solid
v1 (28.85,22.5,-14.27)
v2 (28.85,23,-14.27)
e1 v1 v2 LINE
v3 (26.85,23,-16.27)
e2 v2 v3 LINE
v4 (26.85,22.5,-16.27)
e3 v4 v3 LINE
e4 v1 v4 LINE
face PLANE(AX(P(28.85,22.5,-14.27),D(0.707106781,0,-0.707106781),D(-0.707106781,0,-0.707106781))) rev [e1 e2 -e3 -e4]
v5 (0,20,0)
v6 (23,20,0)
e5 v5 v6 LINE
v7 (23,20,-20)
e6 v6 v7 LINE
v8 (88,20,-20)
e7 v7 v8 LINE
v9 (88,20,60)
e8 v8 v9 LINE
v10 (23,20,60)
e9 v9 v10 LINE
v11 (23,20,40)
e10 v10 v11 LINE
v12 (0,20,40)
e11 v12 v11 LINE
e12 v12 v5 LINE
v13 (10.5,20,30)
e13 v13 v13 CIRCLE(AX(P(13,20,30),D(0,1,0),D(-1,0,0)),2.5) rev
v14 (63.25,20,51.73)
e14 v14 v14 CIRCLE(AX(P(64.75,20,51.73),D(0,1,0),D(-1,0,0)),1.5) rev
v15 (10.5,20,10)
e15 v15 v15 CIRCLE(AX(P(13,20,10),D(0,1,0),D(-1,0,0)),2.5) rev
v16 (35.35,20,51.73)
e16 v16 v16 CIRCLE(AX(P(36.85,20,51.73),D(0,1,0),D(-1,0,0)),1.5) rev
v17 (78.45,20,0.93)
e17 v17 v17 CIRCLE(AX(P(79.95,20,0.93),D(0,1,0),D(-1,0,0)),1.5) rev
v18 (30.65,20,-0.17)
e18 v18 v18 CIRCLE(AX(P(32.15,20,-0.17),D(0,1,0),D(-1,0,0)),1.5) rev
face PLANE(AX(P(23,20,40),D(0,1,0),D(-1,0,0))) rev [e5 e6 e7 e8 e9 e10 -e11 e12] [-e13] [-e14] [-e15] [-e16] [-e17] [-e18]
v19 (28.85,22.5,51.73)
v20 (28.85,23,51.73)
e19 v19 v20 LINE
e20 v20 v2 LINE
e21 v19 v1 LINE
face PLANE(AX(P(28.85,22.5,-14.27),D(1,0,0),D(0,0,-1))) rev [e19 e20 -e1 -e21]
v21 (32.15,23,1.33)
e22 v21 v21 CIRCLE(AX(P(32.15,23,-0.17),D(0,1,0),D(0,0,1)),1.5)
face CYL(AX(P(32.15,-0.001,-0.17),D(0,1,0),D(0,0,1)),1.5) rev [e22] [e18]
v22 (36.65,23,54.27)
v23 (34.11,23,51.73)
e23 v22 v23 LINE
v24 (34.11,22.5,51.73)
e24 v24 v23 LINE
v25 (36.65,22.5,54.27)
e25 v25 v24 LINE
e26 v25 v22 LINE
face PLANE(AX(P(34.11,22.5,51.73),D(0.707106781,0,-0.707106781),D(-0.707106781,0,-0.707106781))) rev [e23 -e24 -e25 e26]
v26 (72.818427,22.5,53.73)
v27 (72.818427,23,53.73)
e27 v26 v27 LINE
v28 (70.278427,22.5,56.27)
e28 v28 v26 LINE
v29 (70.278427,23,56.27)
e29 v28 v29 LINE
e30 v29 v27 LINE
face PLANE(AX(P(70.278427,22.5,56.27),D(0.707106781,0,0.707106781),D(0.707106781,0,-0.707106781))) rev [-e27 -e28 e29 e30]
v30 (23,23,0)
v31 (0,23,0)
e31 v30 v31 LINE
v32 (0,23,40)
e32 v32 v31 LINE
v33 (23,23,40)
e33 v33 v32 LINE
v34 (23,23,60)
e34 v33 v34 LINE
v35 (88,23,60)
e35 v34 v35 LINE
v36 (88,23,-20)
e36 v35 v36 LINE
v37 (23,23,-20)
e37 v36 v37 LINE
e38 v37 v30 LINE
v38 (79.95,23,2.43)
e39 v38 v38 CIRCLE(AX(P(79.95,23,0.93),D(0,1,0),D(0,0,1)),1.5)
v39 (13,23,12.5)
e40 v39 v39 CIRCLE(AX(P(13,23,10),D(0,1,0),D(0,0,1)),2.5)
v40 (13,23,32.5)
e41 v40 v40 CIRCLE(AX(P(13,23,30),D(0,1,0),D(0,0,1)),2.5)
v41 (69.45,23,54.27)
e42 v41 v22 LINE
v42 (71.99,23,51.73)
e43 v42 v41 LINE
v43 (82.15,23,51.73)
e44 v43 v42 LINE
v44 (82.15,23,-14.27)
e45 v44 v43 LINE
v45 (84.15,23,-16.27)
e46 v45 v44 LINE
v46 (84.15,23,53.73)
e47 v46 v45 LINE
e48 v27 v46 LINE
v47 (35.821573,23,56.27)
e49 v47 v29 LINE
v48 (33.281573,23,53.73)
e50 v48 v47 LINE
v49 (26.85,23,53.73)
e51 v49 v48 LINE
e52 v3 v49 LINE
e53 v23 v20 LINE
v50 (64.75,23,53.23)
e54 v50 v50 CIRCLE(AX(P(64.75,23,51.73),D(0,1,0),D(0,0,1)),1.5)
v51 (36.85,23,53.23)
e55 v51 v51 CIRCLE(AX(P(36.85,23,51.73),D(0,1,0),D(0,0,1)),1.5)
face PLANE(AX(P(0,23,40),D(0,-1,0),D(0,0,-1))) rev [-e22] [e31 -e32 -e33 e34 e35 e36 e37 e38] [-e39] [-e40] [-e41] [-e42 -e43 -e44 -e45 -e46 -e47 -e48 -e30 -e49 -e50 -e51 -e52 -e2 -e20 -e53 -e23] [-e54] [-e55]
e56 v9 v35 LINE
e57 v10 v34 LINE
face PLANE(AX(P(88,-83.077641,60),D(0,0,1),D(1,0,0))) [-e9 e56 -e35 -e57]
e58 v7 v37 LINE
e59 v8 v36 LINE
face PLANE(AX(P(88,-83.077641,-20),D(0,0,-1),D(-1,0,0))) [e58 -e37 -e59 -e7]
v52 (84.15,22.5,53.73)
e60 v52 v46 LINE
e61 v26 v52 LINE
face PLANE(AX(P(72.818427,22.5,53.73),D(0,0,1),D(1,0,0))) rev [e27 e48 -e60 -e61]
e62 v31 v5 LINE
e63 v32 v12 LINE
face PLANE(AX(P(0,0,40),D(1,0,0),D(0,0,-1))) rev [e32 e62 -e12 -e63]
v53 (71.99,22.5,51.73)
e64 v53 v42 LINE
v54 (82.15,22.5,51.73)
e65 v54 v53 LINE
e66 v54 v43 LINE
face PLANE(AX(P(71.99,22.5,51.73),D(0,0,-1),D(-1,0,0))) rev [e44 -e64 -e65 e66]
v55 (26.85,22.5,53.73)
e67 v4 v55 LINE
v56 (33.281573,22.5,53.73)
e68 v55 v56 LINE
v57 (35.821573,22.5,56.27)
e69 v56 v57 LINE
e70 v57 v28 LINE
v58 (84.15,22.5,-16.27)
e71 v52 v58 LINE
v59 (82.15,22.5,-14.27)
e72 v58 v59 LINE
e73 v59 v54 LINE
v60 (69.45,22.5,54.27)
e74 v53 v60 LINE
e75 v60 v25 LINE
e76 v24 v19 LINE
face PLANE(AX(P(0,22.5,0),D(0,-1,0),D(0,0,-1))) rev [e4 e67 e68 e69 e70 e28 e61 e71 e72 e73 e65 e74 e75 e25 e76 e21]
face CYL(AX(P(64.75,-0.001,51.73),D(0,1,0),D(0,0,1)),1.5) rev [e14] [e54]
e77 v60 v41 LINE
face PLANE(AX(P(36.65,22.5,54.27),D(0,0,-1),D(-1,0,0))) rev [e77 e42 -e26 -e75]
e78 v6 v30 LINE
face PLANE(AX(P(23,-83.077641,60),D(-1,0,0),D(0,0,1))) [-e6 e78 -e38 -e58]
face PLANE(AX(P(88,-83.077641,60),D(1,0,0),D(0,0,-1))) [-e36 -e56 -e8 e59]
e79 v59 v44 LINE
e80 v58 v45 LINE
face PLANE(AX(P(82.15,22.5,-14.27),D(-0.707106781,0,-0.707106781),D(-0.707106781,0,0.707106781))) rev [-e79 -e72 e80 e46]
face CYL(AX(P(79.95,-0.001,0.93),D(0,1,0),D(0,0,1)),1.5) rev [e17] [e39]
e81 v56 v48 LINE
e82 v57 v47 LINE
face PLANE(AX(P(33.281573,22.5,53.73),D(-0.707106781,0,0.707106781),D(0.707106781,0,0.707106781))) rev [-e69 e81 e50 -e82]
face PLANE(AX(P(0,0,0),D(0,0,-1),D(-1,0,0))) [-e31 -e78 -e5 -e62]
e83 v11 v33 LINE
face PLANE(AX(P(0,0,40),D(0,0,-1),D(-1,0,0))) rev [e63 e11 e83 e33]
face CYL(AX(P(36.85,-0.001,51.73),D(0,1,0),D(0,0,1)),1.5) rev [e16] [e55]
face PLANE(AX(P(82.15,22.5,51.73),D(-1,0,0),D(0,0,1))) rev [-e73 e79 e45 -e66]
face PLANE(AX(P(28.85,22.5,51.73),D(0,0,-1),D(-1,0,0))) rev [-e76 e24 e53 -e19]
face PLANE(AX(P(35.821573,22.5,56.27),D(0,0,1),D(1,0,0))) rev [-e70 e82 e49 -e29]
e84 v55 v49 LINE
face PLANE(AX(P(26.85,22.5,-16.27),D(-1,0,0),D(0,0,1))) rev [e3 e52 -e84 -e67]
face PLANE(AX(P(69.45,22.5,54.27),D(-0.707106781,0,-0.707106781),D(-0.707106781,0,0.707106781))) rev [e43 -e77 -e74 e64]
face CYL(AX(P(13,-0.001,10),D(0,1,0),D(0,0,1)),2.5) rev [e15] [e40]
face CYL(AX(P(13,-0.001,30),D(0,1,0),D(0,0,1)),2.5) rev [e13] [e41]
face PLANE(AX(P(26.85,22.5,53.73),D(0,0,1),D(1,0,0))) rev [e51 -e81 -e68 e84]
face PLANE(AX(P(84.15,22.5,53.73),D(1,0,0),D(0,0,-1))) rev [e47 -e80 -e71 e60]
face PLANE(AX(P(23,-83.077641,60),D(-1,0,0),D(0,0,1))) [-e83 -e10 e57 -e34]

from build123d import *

# Parameters (mm, degrees)
BOSS_EXTRUDE1_DEPTH = 40
CUT_EXTRUDE1_REACH  = 53.556
SKETCH2_R           = 2.5
CUT_EXTRUDE2_REACH  = 53.556
SKETCH3_R           = 2.5
FILLET1_R           = 5
SKETCH4_W           = 65
SKETCH4_H           = 80
BOSS_EXTRUDE2_DEPTH = 3
CUT_EXTRUDE3_DEPTH  = 0.5
CUT_EXTRUDE4_REACH  = 110.963
SKETCH6_R           = 1.5
CUT_EXTRUDE5_REACH  = 110.963
SKETCH7_W           = 40
SKETCH7_H           = 20


with BuildPart() as part:
    # Sketch1 → Boss-Extrude1 (new body)
    with BuildSketch(Plane.XY):
        Polygon((0, 0), (0, 23), (23, 23), (23, 20), (3, 20), (3, 0), align=None)
    extrude(amount=BOSS_EXTRUDE1_DEPTH)

    # Sketch2 → Cut-Extrude1 (cut, up to next)
    with BuildSketch(Plane(origin=(0, 23, 0), x_dir=(1, 0, 0), z_dir=(0, 1, 0)), mode=Mode.PRIVATE) as cut_extrude1_sk1:
        with Locations(Location((13, -10, 0), (0, 0, 270))):
            Circle(SKETCH2_R)
    cut_extrude1_tool1 = extrude(cut_extrude1_sk1.sketch, amount=-CUT_EXTRUDE1_REACH, mode=Mode.PRIVATE) & part.part
    # Sketch2 → Cut-Extrude1 (cut, up to next)
    with BuildSketch(Plane(origin=(0, 23, 0), x_dir=(1, 0, 0), z_dir=(0, 1, 0)), mode=Mode.PRIVATE) as cut_extrude1_sk2:
        with Locations(Location((13, -30, 0), (0, 0, 270))):
            Circle(SKETCH2_R)
    cut_extrude1_tool2 = extrude(cut_extrude1_sk2.sketch, amount=-CUT_EXTRUDE1_REACH, mode=Mode.PRIVATE) & part.part
    add(cut_extrude1_tool1.solids().sort_by_distance((13, 23, 10))[0], mode=Mode.SUBTRACT)
    add(cut_extrude1_tool2.solids().sort_by_distance((13, 23, 30))[0], mode=Mode.SUBTRACT)

    # Sketch3 → Cut-Extrude2 (cut, up to next)
    with BuildSketch(Plane.ZY, mode=Mode.PRIVATE) as cut_extrude2_sk1:
        with Locations((10, 10)):
            Circle(SKETCH3_R)
    cut_extrude2_tool1 = extrude(cut_extrude2_sk1.sketch, amount=-CUT_EXTRUDE2_REACH, mode=Mode.PRIVATE) & part.part
    # Sketch3 → Cut-Extrude2 (cut, up to next)
    with BuildSketch(Plane.ZY, mode=Mode.PRIVATE) as cut_extrude2_sk2:
        with Locations((30, 10)):
            Circle(SKETCH3_R)
    cut_extrude2_tool2 = extrude(cut_extrude2_sk2.sketch, amount=-CUT_EXTRUDE2_REACH, mode=Mode.PRIVATE) & part.part
    add(cut_extrude2_tool1.solids().sort_by_distance((0, 10, 10))[0], mode=Mode.SUBTRACT)
    add(cut_extrude2_tool2.solids().sort_by_distance((0, 10, 30))[0], mode=Mode.SUBTRACT)

    # Fillet1
    fillet1_edges = [part.edges().sort_by_distance(p)[0] for p in [
        (1.5, 0, 40),
        (1.5, 0, 0),
    ]]
    fillet(fillet1_edges, radius=FILLET1_R)

    # Sketch4 → Boss-Extrude2 (add)
    with BuildSketch(Plane(origin=(0, 23, 0), x_dir=(1, 0, 0), z_dir=(0, 1, 0))):
        with Locations((55.5, -20)):
            Rectangle(SKETCH4_W, SKETCH4_H)
    extrude(amount=-BOSS_EXTRUDE2_DEPTH)

    # Sketch5 → Cut-Extrude3 (cut)
    with BuildSketch(Plane(origin=(0, 23, 0), x_dir=(1, 0, 0), z_dir=(0, 1, 0))):
        Polygon((28.85, 14.27), (28.85, -51.73), (34.11, -51.73), (36.65, -54.27), (69.45, -54.27), (71.99, -51.73), (82.15, -51.73), (82.15, 14.27), (84.15, 16.27), (84.15, -53.73), (72.818427125, -53.73), (70.278427125, -56.27), (35.821572875, -56.27), (33.281572875, -53.73), (26.85, -53.73), (26.85, 16.27), align=None)
    extrude(amount=-CUT_EXTRUDE3_DEPTH, mode=Mode.SUBTRACT)

    # Sketch6 → Cut-Extrude4 (cut, up to next)
    with BuildSketch(Plane(origin=(0, 23, 0), x_dir=(1, 0, 0), z_dir=(0, 1, 0)), mode=Mode.PRIVATE) as cut_extrude4_sk1:
        with Locations(Location((32.15, 0.17, 0), (0, 0, 270))):
            Circle(SKETCH6_R)
    cut_extrude4_tool1 = extrude(cut_extrude4_sk1.sketch, amount=-CUT_EXTRUDE4_REACH, mode=Mode.PRIVATE) & part.part
    # Sketch6 → Cut-Extrude4 (cut, up to next)
    with BuildSketch(Plane(origin=(0, 23, 0), x_dir=(1, 0, 0), z_dir=(0, 1, 0)), mode=Mode.PRIVATE) as cut_extrude4_sk2:
        with Locations(Location((79.95, -0.93, 0), (0, 0, 270))):
            Circle(SKETCH6_R)
    cut_extrude4_tool2 = extrude(cut_extrude4_sk2.sketch, amount=-CUT_EXTRUDE4_REACH, mode=Mode.PRIVATE) & part.part
    # Sketch6 → Cut-Extrude4 (cut, up to next)
    with BuildSketch(Plane(origin=(0, 23, 0), x_dir=(1, 0, 0), z_dir=(0, 1, 0)), mode=Mode.PRIVATE) as cut_extrude4_sk3:
        with Locations(Location((64.75, -51.73, 0), (0, 0, 270))):
            Circle(SKETCH6_R)
    cut_extrude4_tool3 = extrude(cut_extrude4_sk3.sketch, amount=-CUT_EXTRUDE4_REACH, mode=Mode.PRIVATE) & part.part
    # Sketch6 → Cut-Extrude4 (cut, up to next)
    with BuildSketch(Plane(origin=(0, 23, 0), x_dir=(1, 0, 0), z_dir=(0, 1, 0)), mode=Mode.PRIVATE) as cut_extrude4_sk4:
        with Locations(Location((36.85, -51.73, 0), (0, 0, 270))):
            Circle(SKETCH6_R)
    cut_extrude4_tool4 = extrude(cut_extrude4_sk4.sketch, amount=-CUT_EXTRUDE4_REACH, mode=Mode.PRIVATE) & part.part
    add(cut_extrude4_tool1.solids().sort_by_distance((32.15, 23, -0.17))[0], mode=Mode.SUBTRACT)
    add(cut_extrude4_tool2.solids().sort_by_distance((79.95, 23, 0.93))[0], mode=Mode.SUBTRACT)
    add(cut_extrude4_tool3.solids().sort_by_distance((64.75, 23, 51.73))[0], mode=Mode.SUBTRACT)
    add(cut_extrude4_tool4.solids().sort_by_distance((36.85, 23, 51.73))[0], mode=Mode.SUBTRACT)

    # Sketch7 → Cut-Extrude5 (cut, up to next)
    with BuildSketch(Plane.ZY, mode=Mode.PRIVATE) as cut_extrude5_sk1:
        with Locations((20, 10)):
            Rectangle(SKETCH7_W, SKETCH7_H)
    cut_extrude5_tool1 = extrude(cut_extrude5_sk1.sketch, amount=-CUT_EXTRUDE5_REACH, mode=Mode.PRIVATE) & part.part
    add(cut_extrude5_tool1.solids().sort_by_distance((0, 10, 20))[0], mode=Mode.SUBTRACT)


solid = part.part
